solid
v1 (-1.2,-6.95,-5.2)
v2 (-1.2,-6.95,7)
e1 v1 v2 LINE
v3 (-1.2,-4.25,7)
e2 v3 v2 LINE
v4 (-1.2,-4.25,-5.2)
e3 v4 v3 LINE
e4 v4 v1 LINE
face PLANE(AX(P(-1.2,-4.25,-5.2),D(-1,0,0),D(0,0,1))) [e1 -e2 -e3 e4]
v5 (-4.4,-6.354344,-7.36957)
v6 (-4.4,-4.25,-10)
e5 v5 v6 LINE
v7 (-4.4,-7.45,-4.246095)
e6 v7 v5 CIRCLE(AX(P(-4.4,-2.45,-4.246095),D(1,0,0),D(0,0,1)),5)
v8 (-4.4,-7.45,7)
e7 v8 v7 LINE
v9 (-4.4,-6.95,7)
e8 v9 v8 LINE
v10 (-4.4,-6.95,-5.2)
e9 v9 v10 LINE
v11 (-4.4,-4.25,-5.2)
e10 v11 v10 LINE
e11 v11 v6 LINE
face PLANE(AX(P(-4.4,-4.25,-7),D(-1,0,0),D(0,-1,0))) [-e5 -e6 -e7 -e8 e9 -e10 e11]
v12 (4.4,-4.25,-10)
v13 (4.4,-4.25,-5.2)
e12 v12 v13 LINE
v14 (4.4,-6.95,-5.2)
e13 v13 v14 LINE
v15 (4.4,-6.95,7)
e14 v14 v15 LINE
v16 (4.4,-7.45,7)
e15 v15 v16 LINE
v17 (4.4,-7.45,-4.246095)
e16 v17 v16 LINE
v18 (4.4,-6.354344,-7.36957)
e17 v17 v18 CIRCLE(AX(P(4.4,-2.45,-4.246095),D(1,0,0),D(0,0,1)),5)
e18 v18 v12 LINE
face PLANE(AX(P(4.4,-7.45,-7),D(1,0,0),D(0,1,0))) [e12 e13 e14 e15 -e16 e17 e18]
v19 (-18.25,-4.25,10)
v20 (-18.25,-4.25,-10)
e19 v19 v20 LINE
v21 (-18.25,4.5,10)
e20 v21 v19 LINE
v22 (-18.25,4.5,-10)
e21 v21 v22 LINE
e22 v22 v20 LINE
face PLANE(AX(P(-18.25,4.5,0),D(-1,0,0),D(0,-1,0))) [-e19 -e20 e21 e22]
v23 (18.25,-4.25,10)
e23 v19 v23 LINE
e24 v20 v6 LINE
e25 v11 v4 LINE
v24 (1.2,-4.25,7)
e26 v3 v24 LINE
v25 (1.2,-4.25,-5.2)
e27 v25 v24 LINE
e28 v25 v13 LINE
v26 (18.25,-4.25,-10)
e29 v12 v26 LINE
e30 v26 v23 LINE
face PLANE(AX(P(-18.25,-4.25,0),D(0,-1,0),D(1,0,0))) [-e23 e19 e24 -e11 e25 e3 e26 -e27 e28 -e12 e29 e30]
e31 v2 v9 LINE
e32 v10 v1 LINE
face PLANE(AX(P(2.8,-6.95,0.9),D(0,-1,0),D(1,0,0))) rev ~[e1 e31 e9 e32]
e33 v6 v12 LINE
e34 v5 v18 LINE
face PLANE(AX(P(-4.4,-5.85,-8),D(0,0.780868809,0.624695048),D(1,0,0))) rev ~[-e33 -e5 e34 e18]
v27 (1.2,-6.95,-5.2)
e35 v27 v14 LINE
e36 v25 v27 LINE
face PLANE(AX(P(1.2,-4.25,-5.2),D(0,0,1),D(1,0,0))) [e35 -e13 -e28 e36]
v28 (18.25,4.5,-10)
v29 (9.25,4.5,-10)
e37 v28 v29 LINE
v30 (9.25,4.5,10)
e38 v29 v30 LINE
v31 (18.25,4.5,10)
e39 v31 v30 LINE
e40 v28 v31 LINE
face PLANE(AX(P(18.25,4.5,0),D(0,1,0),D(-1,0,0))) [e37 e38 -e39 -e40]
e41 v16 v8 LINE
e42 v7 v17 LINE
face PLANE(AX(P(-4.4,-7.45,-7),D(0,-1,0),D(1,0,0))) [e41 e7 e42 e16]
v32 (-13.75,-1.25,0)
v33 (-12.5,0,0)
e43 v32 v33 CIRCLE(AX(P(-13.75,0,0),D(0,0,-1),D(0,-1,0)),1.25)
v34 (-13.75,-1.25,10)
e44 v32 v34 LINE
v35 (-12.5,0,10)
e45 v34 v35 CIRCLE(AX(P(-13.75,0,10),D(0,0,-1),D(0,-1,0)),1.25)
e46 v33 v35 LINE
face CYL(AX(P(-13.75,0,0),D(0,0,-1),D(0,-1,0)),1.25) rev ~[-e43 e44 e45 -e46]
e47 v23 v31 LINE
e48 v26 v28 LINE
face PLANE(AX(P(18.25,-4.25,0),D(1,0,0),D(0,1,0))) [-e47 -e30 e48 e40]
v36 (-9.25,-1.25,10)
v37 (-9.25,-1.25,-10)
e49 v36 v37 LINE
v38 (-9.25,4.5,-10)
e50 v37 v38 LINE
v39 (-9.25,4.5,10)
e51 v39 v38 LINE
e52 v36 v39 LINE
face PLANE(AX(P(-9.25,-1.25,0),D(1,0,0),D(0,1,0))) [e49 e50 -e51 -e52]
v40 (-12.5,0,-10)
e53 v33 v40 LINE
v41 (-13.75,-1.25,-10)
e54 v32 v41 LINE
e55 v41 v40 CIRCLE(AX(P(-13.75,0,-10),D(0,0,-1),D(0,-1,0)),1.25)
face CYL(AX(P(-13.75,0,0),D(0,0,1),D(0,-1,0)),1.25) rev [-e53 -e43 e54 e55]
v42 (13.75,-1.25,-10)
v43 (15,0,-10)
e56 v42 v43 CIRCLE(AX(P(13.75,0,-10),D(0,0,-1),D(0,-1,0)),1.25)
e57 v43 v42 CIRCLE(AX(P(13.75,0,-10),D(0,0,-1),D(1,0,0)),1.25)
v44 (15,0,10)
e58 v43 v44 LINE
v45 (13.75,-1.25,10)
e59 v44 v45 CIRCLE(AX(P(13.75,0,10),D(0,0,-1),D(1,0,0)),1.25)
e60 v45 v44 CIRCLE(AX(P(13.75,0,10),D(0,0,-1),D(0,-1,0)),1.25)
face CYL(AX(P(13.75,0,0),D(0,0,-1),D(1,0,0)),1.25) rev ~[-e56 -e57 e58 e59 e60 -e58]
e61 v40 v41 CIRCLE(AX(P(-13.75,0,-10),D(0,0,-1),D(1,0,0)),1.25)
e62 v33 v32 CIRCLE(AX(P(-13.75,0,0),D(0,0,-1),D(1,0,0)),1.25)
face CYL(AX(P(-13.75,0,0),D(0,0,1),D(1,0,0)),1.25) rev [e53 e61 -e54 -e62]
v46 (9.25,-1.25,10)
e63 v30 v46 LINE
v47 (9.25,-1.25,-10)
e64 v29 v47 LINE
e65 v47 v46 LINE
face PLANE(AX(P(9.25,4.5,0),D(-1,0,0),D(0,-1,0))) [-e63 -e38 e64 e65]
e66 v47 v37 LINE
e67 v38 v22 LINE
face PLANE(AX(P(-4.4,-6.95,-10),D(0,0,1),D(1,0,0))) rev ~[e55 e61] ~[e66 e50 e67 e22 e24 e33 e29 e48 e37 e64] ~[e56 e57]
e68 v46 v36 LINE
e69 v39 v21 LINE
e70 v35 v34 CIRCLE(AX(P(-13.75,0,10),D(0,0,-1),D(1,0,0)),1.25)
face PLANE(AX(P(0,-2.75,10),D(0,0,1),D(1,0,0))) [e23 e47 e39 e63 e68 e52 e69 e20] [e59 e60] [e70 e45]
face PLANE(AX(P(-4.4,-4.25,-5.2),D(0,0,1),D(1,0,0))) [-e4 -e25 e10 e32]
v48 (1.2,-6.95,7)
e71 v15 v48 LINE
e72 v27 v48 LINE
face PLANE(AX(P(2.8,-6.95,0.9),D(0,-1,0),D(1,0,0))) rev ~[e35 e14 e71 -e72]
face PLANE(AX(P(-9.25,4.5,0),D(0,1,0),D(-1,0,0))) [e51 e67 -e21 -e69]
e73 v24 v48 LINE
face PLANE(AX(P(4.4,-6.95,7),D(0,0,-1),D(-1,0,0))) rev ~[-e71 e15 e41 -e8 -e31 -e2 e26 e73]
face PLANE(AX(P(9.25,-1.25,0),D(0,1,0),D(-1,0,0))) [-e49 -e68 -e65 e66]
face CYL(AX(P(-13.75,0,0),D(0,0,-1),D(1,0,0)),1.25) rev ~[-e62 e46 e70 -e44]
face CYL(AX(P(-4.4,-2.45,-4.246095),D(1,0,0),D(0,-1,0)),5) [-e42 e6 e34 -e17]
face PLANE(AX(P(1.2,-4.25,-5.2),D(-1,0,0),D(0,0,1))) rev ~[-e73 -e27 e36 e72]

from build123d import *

# Parameters (mm, degrees)
F1_DEPTH = 10
F2_W     = 2.4
F2_H     = 12.2
F2_W_2   = 3.2
F2_H_2   = 1.8
F3_DEPTH = 2.7
F4_W     = 3.2
F4_H     = 12.2
F5_DEPTH = 0.5
F6_DEPTH = 3
F7_SIZE2 = 3.2
F7_SIZE  = 4
F8_R     = 5


with BuildPart() as f1:
    # F0 (on Top) → F1 (new body, symmetric)
    with BuildSketch(Plane.XY):
        Polygon((-9.25, -1.25), (-13.75, -1.25), (-18.25, -1.25), (-18.25, -4.25), (0, -4.25), (18.25, -4.25), (18.25, -1.25), (13.75, -1.25), (9.25, -1.25), (0, -1.25), align=None)
        Polygon((9.25, 4.5), (9.25, -1.25), (13.75, -1.25), (18.25, -1.25), (18.25, 4.5), align=None)
        with BuildLine():
            ThreePointArc((15, 0), (14.6338834765, -0.8838834765), (13.75, -1.25))
            ThreePointArc((13.75, -1.25), (12.8661165235, 0.8838834765), (15, 0))
        make_face(mode=Mode.SUBTRACT)
        Polygon((-18.25, -1.25), (-13.75, -1.25), (-9.25, -1.25), (-9.25, 4.5), (-18.25, 4.5), align=None)
        with BuildLine():
            ThreePointArc((-13.75, -1.25), (-14.6338834765, 0.8838834765), (-12.5, 0))
            ThreePointArc((-12.5, 0), (-12.8661165235, -0.8838834765), (-13.75, -1.25))
        make_face(mode=Mode.SUBTRACT)
    extrude(amount=F1_DEPTH, both=True)

    # F2 (on face) → F3 (join)
    with BuildSketch(Plane.XZ.offset(4.25)):
        with Locations((0, 0.9)):
            Rectangle(F2_W, F2_H)
        with Locations((-2.8, -6.1)):
            Rectangle(F2_W_2, F2_H_2)
        with Locations((0, -6.1)):
            Rectangle(F2_W, F2_H_2)
        with Locations((2.8, -6.1)):
            Rectangle(F2_W_2, F2_H_2)
    extrude(amount=F3_DEPTH)

    # F4 (on face) → F5 (join)
    with BuildSketch(Plane.XZ.offset(6.95)):
        with Locations((2.8, 0.9)):
            Rectangle(F4_W, F4_H)
        Polygon((-4.4, -5.2), (-4.4, -7), (4.4, -7), (4.4, -5.2), (1.2, -5.2), (1.2, 7), (-1.2, 7), (-1.2, -5.2), align=None)
        with Locations((-2.8, 0.9)):
            Rectangle(F4_W, F4_H)
    extrude(amount=F5_DEPTH)

    # F6 (add, through all): a face of the model
    f6_faces = [f1.faces().sort_by_distance(p)[0] for p in [
        (0, -5.85, -7),
    ]]
    extrude(f6_faces, amount=F6_DEPTH)

    # F7
    f7_edges = [f1.edges().sort_by_distance(p)[0] for p in [
        (0, -7.45, -10),
    ]]
    f7_side = f1.faces().sort_by_distance((0, -7.45, -1.5))[0]
    chamfer(f7_edges, length=F7_SIZE, length2=F7_SIZE2, reference=f7_side)

    # F8
    f8_edges = [f1.edges().sort_by_distance(p)[0] for p in [
        (0, -7.45, -6),
    ]]
    fillet(f8_edges, radius=F8_R)


solid = f1.part
